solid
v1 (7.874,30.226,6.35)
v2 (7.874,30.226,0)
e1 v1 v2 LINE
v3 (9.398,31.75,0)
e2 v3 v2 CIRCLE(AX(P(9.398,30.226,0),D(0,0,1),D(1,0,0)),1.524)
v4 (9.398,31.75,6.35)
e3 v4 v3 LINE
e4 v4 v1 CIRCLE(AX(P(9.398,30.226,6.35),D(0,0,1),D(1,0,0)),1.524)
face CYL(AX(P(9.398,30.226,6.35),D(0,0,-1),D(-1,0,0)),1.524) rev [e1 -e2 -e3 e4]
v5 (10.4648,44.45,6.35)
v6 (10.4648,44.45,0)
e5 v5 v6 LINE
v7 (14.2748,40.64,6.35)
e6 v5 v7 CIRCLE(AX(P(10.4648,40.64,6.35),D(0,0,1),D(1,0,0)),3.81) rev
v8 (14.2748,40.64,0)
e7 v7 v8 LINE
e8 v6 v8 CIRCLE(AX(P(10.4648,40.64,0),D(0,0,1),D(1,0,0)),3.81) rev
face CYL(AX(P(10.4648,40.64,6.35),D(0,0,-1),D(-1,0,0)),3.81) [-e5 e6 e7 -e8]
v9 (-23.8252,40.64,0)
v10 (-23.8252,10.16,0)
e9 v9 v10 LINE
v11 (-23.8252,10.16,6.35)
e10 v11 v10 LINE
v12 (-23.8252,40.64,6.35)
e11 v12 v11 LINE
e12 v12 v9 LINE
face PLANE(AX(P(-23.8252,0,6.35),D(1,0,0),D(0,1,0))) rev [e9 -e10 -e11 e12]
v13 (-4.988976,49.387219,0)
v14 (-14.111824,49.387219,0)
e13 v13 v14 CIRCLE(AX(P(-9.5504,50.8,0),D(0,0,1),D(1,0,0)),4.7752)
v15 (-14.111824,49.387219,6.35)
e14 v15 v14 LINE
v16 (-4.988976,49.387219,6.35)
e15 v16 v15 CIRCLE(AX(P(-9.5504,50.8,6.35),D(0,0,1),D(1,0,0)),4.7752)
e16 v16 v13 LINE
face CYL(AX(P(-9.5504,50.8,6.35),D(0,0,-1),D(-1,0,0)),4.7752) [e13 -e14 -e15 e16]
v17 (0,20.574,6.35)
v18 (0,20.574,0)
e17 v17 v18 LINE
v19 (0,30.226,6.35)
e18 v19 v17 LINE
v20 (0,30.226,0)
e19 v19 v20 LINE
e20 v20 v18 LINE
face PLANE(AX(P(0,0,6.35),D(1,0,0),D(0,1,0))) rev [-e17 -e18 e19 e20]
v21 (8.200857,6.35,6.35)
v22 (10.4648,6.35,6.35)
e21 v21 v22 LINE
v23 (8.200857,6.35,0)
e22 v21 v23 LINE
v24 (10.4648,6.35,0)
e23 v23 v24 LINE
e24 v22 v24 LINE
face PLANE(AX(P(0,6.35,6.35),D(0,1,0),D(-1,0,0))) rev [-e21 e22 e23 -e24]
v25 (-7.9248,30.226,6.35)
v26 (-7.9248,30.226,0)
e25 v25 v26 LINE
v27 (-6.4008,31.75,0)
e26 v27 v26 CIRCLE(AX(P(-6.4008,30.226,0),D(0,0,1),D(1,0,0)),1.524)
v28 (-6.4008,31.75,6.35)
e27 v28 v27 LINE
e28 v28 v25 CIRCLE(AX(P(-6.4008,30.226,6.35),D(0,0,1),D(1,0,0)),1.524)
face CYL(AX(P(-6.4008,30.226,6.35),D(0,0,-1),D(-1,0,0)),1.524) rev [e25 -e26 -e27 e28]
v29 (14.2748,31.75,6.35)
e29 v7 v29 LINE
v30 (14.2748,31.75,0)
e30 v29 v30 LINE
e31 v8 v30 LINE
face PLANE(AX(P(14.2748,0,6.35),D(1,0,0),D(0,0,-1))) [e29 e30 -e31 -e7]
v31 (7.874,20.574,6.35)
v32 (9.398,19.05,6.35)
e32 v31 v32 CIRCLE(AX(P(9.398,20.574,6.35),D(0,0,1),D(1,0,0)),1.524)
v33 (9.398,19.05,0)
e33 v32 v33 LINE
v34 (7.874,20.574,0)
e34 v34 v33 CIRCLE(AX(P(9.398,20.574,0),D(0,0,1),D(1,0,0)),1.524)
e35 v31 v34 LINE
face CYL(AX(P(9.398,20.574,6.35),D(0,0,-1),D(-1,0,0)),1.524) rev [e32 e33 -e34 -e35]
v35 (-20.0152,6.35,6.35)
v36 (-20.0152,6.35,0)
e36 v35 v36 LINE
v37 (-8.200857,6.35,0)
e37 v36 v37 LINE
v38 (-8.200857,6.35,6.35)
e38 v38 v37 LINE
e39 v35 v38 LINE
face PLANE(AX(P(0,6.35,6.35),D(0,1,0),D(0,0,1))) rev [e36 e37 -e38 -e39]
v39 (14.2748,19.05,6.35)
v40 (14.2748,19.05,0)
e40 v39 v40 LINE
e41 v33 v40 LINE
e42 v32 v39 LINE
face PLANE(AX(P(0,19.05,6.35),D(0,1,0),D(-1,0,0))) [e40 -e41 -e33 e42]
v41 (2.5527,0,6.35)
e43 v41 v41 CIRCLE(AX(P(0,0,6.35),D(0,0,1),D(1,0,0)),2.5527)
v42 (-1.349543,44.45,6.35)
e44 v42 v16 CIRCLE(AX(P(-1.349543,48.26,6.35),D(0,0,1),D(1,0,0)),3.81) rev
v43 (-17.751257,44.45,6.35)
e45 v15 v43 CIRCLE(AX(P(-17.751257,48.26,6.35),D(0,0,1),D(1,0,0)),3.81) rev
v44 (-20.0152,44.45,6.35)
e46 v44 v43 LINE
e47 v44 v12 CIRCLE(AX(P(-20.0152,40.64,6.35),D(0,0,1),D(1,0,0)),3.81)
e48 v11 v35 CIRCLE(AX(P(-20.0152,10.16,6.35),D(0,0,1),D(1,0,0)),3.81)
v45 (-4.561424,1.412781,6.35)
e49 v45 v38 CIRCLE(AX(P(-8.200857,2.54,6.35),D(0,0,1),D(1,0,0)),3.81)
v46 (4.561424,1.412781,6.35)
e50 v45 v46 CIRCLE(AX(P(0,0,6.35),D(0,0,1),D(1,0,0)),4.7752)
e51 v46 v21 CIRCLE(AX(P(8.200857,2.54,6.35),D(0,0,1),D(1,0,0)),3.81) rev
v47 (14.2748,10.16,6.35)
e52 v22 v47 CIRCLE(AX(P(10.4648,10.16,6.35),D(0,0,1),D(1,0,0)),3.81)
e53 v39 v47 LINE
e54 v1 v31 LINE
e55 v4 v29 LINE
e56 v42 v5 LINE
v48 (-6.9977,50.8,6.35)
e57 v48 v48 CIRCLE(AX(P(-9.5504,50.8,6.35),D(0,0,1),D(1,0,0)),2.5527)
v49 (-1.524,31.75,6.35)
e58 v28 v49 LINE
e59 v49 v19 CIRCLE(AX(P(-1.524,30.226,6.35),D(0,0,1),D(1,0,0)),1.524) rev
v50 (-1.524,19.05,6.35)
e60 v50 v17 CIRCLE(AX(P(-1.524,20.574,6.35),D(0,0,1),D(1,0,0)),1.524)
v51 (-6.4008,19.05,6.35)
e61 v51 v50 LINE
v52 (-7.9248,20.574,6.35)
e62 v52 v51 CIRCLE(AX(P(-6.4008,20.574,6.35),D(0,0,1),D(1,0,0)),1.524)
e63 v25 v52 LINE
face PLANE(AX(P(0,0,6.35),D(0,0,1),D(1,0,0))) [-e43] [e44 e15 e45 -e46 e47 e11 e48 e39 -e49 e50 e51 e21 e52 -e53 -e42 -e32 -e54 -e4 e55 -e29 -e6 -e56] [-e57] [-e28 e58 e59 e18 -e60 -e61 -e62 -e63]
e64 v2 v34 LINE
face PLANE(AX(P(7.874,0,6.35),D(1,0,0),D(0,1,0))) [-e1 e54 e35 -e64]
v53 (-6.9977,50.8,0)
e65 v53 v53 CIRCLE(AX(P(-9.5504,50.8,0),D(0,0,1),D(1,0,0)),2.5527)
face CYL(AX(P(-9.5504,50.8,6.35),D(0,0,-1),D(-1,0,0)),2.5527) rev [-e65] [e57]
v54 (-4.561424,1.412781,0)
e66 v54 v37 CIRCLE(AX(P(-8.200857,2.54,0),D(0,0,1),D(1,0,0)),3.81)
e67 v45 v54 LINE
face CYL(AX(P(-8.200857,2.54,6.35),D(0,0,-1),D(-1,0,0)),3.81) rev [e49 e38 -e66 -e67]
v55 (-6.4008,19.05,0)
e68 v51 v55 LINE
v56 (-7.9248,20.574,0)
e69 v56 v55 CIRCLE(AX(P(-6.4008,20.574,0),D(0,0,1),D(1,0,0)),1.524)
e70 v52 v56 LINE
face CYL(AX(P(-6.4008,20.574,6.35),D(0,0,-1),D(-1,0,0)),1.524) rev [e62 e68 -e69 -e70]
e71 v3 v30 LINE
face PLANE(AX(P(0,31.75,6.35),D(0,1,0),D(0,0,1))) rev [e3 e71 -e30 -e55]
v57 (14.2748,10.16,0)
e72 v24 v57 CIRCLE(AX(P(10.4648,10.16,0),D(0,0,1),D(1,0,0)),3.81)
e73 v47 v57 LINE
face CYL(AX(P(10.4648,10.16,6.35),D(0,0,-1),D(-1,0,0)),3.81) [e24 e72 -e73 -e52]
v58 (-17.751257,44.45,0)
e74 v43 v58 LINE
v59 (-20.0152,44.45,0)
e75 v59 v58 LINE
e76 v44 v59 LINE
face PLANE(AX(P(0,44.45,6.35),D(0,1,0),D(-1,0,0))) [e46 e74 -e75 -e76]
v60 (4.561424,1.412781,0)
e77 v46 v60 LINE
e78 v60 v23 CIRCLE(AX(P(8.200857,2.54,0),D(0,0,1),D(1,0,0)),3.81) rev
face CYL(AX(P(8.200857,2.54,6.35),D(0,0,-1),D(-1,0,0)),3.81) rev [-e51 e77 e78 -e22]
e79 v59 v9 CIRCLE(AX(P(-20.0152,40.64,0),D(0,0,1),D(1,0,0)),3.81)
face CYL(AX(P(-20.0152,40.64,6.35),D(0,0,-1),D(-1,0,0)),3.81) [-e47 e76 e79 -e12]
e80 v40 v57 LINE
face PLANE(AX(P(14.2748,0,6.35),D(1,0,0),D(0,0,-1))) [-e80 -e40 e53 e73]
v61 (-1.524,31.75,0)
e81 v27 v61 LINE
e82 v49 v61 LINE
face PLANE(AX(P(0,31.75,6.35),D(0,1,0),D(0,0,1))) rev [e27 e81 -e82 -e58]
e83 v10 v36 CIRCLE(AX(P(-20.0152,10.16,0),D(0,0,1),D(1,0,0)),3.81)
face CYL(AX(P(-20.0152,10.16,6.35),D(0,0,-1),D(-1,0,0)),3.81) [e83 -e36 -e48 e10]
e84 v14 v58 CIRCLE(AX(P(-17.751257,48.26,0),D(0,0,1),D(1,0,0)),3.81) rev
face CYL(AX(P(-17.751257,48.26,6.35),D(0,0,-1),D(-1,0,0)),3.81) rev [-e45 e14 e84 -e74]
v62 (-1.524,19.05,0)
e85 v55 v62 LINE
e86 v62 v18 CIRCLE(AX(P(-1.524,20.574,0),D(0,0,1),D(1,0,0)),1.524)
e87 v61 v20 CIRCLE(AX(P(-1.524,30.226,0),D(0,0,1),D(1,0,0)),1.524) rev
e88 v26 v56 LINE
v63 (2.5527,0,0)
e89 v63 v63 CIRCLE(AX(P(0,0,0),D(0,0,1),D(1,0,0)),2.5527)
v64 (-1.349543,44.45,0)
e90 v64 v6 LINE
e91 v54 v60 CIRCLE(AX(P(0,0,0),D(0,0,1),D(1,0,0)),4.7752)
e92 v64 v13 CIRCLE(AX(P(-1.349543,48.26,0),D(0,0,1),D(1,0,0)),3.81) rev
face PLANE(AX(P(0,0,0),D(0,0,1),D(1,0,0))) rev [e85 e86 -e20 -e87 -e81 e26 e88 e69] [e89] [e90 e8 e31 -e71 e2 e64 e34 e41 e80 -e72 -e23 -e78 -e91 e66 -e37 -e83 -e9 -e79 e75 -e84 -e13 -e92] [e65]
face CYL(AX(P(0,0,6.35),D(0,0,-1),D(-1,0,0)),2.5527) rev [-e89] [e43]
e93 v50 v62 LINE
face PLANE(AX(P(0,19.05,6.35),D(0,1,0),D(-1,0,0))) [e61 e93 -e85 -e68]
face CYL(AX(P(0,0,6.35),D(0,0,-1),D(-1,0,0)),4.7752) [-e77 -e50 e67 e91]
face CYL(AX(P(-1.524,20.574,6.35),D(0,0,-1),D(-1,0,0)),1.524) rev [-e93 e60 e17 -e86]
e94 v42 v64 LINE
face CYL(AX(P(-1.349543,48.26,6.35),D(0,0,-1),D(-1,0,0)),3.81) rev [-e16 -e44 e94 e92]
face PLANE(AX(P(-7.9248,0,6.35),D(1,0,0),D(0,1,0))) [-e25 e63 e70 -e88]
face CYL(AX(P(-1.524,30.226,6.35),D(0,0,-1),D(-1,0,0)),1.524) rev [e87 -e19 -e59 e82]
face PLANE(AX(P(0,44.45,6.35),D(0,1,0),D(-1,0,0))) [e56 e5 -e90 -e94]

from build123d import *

# Parameters (mm, degrees)
SKETCH1_R           = 2.5527
BOSS_EXTRUDE1_DEPTH = 6.35


with BuildPart() as part:
    # Sketch1 → Boss-Extrude1 (new body)
    with BuildSketch(Plane.XY):
        with BuildLine():
            Line((-17.751257214, 44.45), (-20.0152, 44.45))
            ThreePointArc((-20.0152, 44.45), (-22.709276836, 43.334076836), (-23.8252, 40.64))
            Line((-23.8252, 40.64), (-23.8252, 10.16))
            ThreePointArc((-23.8252, 10.16), (-22.709276836, 7.465923164), (-20.0152, 6.35))
            Line((-20.0152, 6.35), (-8.200857214, 6.35))
            ThreePointArc((-8.200857214, 6.35), (-5.134034416, 4.800685279), (-4.561423539, 1.412781065))
            ThreePointArc((-4.561423539, 1.412781065), (0, -4.7752), (4.561423539, 1.412781065))
            ThreePointArc((4.561423539, 1.412781065), (5.134034416, 4.800685279), (8.200857214, 6.35))
            Line((8.200857214, 6.35), (10.4648, 6.35))
            ThreePointArc((10.4648, 6.35), (13.158876836, 7.465923164), (14.2748, 10.16))
            Line((14.2748, 10.16), (14.2748, 19.05))
            Line((14.2748, 19.05), (9.398, 19.05))
            ThreePointArc((9.398, 19.05), (8.320369265, 19.496369265), (7.874, 20.574))
            Line((7.874, 20.574), (7.874, 30.226))
            ThreePointArc((7.874, 30.226), (8.320369265, 31.303630735), (9.398, 31.75))
            Line((9.398, 31.75), (14.2748, 31.75))
            Line((14.2748, 31.75), (14.2748, 40.64))
            ThreePointArc((14.2748, 40.64), (13.158876836, 43.334076836), (10.4648, 44.45))
            Line((10.4648, 44.45), (-1.349542786, 44.45))
            ThreePointArc((-1.349542786, 44.45), (-4.416365584, 45.999314721), (-4.988976461, 49.387218935))
            ThreePointArc((-4.988976461, 49.387218935), (-9.5504, 55.5752), (-14.111823539, 49.387218935))
            ThreePointArc((-14.111823539, 49.387218935), (-14.684434416, 45.999314721), (-17.751257214, 44.45))
        make_face()
        Circle(SKETCH1_R, mode=Mode.SUBTRACT)
        with Locations((-9.5504, 50.8)):
            Circle(SKETCH1_R, mode=Mode.SUBTRACT)
        with BuildLine():
            ThreePointArc((-7.9248, 30.226), (-7.478430735, 31.303630735), (-6.4008, 31.75))
            Line((-6.4008, 31.75), (-1.524, 31.75))
            ThreePointArc((-1.524, 31.75), (-0.446369265, 31.303630735), (0, 30.226))
            Line((0, 30.226), (0, 20.574))
            ThreePointArc((0, 20.574), (-0.446369265, 19.496369265), (-1.524, 19.05))
            Line((-1.524, 19.05), (-6.4008, 19.05))
            ThreePointArc((-6.4008, 19.05), (-7.478430735, 19.496369265), (-7.9248, 20.574))
            Line((-7.9248, 20.574), (-7.9248, 30.226))
        make_face(mode=Mode.SUBTRACT)
    extrude(amount=BOSS_EXTRUDE1_DEPTH)


solid = part.part
